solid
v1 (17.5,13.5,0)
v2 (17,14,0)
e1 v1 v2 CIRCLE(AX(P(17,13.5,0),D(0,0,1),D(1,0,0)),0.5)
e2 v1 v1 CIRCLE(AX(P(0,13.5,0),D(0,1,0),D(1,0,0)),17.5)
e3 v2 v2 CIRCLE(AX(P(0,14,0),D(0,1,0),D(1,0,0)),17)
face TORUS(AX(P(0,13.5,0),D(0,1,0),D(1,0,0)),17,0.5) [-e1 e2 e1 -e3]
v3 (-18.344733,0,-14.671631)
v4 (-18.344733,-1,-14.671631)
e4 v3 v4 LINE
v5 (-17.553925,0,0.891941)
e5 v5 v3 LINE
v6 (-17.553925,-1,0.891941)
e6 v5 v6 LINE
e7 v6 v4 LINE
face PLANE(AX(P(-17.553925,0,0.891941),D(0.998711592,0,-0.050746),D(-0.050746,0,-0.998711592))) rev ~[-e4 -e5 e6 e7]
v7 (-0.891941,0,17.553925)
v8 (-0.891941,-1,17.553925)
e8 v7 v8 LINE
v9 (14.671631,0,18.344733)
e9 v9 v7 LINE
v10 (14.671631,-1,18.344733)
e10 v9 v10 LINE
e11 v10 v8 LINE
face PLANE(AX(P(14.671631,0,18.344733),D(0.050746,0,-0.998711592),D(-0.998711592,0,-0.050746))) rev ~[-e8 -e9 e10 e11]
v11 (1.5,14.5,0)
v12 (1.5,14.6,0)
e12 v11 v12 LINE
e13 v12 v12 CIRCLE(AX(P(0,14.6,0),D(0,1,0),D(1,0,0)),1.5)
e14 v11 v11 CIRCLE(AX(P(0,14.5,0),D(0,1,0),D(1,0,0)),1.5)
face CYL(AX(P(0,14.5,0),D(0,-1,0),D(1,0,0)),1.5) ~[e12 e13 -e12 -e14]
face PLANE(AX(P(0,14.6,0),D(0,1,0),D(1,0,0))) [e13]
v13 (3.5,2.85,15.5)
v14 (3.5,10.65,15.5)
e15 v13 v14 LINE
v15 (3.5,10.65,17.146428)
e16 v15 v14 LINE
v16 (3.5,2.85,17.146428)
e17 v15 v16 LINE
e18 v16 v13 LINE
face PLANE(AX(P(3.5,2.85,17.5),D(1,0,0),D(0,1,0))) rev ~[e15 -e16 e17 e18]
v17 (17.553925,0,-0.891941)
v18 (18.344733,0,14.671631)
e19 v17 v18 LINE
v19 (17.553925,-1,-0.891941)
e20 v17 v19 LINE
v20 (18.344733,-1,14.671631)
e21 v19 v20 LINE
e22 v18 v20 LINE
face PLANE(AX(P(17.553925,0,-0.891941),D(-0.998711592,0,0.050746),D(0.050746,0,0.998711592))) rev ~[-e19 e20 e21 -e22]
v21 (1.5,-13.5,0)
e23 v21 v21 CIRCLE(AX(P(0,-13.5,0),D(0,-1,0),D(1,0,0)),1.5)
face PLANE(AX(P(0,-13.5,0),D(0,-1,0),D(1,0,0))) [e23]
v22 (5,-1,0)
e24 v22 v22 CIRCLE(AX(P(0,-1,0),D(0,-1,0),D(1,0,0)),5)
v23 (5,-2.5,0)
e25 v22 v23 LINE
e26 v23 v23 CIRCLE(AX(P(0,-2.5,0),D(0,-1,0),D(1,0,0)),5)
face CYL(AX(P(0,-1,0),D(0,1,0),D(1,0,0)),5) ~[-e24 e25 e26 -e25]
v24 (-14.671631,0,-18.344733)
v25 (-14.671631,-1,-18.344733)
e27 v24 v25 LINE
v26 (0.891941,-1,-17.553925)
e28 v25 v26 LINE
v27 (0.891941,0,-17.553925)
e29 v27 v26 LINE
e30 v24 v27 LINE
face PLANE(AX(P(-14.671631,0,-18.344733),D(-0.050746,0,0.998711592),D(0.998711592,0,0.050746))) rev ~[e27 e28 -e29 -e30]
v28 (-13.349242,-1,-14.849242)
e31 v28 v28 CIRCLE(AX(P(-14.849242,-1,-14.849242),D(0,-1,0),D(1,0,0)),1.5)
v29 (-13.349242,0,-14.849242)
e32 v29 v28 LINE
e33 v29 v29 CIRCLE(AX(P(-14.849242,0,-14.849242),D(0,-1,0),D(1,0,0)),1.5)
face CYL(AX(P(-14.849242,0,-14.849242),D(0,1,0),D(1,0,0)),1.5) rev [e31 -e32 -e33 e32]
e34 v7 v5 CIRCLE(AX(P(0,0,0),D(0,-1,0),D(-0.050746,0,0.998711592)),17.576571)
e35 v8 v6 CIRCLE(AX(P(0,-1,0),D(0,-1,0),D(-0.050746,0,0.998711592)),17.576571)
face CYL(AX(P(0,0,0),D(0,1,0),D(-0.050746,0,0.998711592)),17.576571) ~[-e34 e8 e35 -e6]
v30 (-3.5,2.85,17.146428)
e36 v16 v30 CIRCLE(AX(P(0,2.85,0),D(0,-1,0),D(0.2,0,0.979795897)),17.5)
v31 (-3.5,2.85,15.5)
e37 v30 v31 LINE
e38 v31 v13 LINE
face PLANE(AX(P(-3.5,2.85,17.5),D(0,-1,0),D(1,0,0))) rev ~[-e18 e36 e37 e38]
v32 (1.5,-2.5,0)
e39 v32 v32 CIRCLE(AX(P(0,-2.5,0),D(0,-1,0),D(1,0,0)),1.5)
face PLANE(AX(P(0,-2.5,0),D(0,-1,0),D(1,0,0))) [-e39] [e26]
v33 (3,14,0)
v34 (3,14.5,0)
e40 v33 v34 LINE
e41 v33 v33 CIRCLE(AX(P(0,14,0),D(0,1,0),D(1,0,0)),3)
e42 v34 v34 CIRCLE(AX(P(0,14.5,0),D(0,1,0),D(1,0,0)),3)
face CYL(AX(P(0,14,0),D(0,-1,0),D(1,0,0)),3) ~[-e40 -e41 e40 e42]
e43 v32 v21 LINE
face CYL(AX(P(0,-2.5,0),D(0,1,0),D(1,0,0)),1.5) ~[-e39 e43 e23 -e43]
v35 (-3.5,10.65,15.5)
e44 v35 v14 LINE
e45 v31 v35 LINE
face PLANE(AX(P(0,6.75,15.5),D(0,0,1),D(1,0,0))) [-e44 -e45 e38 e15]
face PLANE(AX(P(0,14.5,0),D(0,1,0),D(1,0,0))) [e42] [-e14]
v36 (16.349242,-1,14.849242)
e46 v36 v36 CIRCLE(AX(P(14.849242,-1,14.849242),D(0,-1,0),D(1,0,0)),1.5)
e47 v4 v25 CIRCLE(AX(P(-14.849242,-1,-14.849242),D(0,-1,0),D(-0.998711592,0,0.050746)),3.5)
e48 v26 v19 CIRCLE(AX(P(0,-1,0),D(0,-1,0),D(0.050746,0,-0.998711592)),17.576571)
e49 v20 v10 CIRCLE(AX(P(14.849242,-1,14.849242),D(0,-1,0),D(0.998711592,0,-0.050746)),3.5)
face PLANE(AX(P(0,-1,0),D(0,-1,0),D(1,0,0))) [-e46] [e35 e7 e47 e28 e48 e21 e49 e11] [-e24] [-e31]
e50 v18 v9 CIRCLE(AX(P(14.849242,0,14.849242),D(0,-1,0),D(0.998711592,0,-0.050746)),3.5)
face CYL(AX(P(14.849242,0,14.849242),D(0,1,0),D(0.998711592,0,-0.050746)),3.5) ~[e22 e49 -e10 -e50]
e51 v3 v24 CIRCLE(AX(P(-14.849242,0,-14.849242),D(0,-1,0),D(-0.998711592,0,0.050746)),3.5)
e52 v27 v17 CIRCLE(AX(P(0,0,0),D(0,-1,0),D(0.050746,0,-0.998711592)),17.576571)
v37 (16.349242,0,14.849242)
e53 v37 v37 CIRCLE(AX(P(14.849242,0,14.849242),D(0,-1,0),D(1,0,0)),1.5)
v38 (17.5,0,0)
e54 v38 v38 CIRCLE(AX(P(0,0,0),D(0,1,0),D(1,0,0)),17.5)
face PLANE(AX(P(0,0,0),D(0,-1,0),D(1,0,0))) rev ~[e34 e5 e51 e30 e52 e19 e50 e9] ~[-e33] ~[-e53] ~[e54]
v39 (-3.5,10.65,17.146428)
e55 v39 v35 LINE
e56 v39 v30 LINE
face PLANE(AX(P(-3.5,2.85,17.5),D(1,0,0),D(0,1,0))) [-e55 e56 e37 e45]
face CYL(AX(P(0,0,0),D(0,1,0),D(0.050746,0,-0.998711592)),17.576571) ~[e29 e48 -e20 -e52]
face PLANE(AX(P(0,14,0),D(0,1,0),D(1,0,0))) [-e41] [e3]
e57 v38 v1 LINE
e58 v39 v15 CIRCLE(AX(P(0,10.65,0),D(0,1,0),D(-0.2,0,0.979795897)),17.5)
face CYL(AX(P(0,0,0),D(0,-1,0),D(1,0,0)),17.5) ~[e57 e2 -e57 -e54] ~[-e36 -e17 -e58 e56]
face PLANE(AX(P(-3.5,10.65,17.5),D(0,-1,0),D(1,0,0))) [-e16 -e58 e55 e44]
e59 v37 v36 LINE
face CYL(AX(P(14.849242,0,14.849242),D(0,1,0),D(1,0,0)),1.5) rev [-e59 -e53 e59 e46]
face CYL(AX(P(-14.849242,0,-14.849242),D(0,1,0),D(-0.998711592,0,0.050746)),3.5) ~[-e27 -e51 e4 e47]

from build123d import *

# Parameters (mm, degrees)
SKETCH1_R           = 17.5
BOSS_EXTRUDE1_DEPTH = 14
SKETCH2_R           = 1.5
BOSS_EXTRUDE2_DEPTH = 1
SKETCH3_R           = 5
BOSS_EXTRUDE3_DEPTH = 1.5
SKETCH4_R           = 1.5
BOSS_EXTRUDE4_DEPTH = 11
SKETCH5_R           = 3
BOSS_EXTRUDE5_DEPTH = 0.5
SKETCH6_R           = 1.5
BOSS_EXTRUDE6_DEPTH = 0.1
FILLET1_R           = 0.5
SKETCH7_W           = 7
SKETCH7_H           = 7.8
CUT_EXTRUDE3_DEPTH  = 2


with BuildPart() as part:
    # Sketch1 → Boss-Extrude1 (new body)
    with BuildSketch(Plane(origin=(0, 0, 0), x_dir=(1, 0, 0), z_dir=(0, 1, 0))):
        Circle(SKETCH1_R)
    extrude(amount=BOSS_EXTRUDE1_DEPTH)

    # Sketch2 → Boss-Extrude2 (add)
    with BuildSketch(Plane.XZ):
        with BuildLine():
            Line((14.671631406, 18.344732976), (-0.891940662, 17.553925067))
            ThreePointArc((-0.891940662, 17.553925067), (-12.428512449, 12.428512449), (-17.553925067, 0.891940662))
            Line((-17.553925067, 0.891940662), (-18.344732976, -14.671631406))
            ThreePointArc((-18.344732976, -14.671631406), (-17.324116139, -17.324116139), (-14.671631406, -18.344732976))
            Line((-14.671631406, -18.344732976), (0.891940662, -17.553925067))
            ThreePointArc((0.891940662, -17.553925067), (12.428512449, -12.428512449), (17.553925067, -0.891940662))
            Line((17.553925067, -0.891940662), (18.344732976, 14.671631406))
            ThreePointArc((18.344732976, 14.671631406), (17.324116139, 17.324116139), (14.671631406, 18.344732976))
        make_face()
        with Locations((14.849242405, 14.849242405)):
            Circle(SKETCH2_R, mode=Mode.SUBTRACT)
        with Locations((-14.849242405, -14.849242405)):
            Circle(SKETCH2_R, mode=Mode.SUBTRACT)
    extrude(amount=BOSS_EXTRUDE2_DEPTH)

    # Sketch3 → Boss-Extrude3 (add)
    with BuildSketch(Plane.XZ.offset(1)):
        Circle(SKETCH3_R)
    extrude(amount=BOSS_EXTRUDE3_DEPTH)

    # Sketch4 → Boss-Extrude4 (add)
    with BuildSketch(Plane.XZ.offset(2.5)):
        Circle(SKETCH4_R)
    extrude(amount=BOSS_EXTRUDE4_DEPTH)

    # Sketch5 → Boss-Extrude5 (add)
    with BuildSketch(Plane(origin=(0, 14, 0), x_dir=(1, 0, 0), z_dir=(0, 1, 0))):
        Circle(SKETCH5_R)
    extrude(amount=BOSS_EXTRUDE5_DEPTH)

    # Sketch6 → Boss-Extrude6 (add)
    with BuildSketch(Plane(origin=(0, 14.5, 0), x_dir=(1, 0, 0), z_dir=(0, 1, 0))):
        Circle(SKETCH6_R)
    extrude(amount=BOSS_EXTRUDE6_DEPTH)

    # Fillet1
    fillet1_edges = [part.edges().sort_by_distance(p)[0] for p in [
        (-17.5, 14, 0),
    ]]
    fillet(fillet1_edges, radius=FILLET1_R)

    # Sketch7 → Cut-Extrude3 (cut)
    with BuildSketch(Plane.XY.offset(17.5)):
        with Locations((0, 6.75)):
            Rectangle(SKETCH7_W, SKETCH7_H)
    extrude(amount=-CUT_EXTRUDE3_DEPTH, mode=Mode.SUBTRACT)


solid = part.part
